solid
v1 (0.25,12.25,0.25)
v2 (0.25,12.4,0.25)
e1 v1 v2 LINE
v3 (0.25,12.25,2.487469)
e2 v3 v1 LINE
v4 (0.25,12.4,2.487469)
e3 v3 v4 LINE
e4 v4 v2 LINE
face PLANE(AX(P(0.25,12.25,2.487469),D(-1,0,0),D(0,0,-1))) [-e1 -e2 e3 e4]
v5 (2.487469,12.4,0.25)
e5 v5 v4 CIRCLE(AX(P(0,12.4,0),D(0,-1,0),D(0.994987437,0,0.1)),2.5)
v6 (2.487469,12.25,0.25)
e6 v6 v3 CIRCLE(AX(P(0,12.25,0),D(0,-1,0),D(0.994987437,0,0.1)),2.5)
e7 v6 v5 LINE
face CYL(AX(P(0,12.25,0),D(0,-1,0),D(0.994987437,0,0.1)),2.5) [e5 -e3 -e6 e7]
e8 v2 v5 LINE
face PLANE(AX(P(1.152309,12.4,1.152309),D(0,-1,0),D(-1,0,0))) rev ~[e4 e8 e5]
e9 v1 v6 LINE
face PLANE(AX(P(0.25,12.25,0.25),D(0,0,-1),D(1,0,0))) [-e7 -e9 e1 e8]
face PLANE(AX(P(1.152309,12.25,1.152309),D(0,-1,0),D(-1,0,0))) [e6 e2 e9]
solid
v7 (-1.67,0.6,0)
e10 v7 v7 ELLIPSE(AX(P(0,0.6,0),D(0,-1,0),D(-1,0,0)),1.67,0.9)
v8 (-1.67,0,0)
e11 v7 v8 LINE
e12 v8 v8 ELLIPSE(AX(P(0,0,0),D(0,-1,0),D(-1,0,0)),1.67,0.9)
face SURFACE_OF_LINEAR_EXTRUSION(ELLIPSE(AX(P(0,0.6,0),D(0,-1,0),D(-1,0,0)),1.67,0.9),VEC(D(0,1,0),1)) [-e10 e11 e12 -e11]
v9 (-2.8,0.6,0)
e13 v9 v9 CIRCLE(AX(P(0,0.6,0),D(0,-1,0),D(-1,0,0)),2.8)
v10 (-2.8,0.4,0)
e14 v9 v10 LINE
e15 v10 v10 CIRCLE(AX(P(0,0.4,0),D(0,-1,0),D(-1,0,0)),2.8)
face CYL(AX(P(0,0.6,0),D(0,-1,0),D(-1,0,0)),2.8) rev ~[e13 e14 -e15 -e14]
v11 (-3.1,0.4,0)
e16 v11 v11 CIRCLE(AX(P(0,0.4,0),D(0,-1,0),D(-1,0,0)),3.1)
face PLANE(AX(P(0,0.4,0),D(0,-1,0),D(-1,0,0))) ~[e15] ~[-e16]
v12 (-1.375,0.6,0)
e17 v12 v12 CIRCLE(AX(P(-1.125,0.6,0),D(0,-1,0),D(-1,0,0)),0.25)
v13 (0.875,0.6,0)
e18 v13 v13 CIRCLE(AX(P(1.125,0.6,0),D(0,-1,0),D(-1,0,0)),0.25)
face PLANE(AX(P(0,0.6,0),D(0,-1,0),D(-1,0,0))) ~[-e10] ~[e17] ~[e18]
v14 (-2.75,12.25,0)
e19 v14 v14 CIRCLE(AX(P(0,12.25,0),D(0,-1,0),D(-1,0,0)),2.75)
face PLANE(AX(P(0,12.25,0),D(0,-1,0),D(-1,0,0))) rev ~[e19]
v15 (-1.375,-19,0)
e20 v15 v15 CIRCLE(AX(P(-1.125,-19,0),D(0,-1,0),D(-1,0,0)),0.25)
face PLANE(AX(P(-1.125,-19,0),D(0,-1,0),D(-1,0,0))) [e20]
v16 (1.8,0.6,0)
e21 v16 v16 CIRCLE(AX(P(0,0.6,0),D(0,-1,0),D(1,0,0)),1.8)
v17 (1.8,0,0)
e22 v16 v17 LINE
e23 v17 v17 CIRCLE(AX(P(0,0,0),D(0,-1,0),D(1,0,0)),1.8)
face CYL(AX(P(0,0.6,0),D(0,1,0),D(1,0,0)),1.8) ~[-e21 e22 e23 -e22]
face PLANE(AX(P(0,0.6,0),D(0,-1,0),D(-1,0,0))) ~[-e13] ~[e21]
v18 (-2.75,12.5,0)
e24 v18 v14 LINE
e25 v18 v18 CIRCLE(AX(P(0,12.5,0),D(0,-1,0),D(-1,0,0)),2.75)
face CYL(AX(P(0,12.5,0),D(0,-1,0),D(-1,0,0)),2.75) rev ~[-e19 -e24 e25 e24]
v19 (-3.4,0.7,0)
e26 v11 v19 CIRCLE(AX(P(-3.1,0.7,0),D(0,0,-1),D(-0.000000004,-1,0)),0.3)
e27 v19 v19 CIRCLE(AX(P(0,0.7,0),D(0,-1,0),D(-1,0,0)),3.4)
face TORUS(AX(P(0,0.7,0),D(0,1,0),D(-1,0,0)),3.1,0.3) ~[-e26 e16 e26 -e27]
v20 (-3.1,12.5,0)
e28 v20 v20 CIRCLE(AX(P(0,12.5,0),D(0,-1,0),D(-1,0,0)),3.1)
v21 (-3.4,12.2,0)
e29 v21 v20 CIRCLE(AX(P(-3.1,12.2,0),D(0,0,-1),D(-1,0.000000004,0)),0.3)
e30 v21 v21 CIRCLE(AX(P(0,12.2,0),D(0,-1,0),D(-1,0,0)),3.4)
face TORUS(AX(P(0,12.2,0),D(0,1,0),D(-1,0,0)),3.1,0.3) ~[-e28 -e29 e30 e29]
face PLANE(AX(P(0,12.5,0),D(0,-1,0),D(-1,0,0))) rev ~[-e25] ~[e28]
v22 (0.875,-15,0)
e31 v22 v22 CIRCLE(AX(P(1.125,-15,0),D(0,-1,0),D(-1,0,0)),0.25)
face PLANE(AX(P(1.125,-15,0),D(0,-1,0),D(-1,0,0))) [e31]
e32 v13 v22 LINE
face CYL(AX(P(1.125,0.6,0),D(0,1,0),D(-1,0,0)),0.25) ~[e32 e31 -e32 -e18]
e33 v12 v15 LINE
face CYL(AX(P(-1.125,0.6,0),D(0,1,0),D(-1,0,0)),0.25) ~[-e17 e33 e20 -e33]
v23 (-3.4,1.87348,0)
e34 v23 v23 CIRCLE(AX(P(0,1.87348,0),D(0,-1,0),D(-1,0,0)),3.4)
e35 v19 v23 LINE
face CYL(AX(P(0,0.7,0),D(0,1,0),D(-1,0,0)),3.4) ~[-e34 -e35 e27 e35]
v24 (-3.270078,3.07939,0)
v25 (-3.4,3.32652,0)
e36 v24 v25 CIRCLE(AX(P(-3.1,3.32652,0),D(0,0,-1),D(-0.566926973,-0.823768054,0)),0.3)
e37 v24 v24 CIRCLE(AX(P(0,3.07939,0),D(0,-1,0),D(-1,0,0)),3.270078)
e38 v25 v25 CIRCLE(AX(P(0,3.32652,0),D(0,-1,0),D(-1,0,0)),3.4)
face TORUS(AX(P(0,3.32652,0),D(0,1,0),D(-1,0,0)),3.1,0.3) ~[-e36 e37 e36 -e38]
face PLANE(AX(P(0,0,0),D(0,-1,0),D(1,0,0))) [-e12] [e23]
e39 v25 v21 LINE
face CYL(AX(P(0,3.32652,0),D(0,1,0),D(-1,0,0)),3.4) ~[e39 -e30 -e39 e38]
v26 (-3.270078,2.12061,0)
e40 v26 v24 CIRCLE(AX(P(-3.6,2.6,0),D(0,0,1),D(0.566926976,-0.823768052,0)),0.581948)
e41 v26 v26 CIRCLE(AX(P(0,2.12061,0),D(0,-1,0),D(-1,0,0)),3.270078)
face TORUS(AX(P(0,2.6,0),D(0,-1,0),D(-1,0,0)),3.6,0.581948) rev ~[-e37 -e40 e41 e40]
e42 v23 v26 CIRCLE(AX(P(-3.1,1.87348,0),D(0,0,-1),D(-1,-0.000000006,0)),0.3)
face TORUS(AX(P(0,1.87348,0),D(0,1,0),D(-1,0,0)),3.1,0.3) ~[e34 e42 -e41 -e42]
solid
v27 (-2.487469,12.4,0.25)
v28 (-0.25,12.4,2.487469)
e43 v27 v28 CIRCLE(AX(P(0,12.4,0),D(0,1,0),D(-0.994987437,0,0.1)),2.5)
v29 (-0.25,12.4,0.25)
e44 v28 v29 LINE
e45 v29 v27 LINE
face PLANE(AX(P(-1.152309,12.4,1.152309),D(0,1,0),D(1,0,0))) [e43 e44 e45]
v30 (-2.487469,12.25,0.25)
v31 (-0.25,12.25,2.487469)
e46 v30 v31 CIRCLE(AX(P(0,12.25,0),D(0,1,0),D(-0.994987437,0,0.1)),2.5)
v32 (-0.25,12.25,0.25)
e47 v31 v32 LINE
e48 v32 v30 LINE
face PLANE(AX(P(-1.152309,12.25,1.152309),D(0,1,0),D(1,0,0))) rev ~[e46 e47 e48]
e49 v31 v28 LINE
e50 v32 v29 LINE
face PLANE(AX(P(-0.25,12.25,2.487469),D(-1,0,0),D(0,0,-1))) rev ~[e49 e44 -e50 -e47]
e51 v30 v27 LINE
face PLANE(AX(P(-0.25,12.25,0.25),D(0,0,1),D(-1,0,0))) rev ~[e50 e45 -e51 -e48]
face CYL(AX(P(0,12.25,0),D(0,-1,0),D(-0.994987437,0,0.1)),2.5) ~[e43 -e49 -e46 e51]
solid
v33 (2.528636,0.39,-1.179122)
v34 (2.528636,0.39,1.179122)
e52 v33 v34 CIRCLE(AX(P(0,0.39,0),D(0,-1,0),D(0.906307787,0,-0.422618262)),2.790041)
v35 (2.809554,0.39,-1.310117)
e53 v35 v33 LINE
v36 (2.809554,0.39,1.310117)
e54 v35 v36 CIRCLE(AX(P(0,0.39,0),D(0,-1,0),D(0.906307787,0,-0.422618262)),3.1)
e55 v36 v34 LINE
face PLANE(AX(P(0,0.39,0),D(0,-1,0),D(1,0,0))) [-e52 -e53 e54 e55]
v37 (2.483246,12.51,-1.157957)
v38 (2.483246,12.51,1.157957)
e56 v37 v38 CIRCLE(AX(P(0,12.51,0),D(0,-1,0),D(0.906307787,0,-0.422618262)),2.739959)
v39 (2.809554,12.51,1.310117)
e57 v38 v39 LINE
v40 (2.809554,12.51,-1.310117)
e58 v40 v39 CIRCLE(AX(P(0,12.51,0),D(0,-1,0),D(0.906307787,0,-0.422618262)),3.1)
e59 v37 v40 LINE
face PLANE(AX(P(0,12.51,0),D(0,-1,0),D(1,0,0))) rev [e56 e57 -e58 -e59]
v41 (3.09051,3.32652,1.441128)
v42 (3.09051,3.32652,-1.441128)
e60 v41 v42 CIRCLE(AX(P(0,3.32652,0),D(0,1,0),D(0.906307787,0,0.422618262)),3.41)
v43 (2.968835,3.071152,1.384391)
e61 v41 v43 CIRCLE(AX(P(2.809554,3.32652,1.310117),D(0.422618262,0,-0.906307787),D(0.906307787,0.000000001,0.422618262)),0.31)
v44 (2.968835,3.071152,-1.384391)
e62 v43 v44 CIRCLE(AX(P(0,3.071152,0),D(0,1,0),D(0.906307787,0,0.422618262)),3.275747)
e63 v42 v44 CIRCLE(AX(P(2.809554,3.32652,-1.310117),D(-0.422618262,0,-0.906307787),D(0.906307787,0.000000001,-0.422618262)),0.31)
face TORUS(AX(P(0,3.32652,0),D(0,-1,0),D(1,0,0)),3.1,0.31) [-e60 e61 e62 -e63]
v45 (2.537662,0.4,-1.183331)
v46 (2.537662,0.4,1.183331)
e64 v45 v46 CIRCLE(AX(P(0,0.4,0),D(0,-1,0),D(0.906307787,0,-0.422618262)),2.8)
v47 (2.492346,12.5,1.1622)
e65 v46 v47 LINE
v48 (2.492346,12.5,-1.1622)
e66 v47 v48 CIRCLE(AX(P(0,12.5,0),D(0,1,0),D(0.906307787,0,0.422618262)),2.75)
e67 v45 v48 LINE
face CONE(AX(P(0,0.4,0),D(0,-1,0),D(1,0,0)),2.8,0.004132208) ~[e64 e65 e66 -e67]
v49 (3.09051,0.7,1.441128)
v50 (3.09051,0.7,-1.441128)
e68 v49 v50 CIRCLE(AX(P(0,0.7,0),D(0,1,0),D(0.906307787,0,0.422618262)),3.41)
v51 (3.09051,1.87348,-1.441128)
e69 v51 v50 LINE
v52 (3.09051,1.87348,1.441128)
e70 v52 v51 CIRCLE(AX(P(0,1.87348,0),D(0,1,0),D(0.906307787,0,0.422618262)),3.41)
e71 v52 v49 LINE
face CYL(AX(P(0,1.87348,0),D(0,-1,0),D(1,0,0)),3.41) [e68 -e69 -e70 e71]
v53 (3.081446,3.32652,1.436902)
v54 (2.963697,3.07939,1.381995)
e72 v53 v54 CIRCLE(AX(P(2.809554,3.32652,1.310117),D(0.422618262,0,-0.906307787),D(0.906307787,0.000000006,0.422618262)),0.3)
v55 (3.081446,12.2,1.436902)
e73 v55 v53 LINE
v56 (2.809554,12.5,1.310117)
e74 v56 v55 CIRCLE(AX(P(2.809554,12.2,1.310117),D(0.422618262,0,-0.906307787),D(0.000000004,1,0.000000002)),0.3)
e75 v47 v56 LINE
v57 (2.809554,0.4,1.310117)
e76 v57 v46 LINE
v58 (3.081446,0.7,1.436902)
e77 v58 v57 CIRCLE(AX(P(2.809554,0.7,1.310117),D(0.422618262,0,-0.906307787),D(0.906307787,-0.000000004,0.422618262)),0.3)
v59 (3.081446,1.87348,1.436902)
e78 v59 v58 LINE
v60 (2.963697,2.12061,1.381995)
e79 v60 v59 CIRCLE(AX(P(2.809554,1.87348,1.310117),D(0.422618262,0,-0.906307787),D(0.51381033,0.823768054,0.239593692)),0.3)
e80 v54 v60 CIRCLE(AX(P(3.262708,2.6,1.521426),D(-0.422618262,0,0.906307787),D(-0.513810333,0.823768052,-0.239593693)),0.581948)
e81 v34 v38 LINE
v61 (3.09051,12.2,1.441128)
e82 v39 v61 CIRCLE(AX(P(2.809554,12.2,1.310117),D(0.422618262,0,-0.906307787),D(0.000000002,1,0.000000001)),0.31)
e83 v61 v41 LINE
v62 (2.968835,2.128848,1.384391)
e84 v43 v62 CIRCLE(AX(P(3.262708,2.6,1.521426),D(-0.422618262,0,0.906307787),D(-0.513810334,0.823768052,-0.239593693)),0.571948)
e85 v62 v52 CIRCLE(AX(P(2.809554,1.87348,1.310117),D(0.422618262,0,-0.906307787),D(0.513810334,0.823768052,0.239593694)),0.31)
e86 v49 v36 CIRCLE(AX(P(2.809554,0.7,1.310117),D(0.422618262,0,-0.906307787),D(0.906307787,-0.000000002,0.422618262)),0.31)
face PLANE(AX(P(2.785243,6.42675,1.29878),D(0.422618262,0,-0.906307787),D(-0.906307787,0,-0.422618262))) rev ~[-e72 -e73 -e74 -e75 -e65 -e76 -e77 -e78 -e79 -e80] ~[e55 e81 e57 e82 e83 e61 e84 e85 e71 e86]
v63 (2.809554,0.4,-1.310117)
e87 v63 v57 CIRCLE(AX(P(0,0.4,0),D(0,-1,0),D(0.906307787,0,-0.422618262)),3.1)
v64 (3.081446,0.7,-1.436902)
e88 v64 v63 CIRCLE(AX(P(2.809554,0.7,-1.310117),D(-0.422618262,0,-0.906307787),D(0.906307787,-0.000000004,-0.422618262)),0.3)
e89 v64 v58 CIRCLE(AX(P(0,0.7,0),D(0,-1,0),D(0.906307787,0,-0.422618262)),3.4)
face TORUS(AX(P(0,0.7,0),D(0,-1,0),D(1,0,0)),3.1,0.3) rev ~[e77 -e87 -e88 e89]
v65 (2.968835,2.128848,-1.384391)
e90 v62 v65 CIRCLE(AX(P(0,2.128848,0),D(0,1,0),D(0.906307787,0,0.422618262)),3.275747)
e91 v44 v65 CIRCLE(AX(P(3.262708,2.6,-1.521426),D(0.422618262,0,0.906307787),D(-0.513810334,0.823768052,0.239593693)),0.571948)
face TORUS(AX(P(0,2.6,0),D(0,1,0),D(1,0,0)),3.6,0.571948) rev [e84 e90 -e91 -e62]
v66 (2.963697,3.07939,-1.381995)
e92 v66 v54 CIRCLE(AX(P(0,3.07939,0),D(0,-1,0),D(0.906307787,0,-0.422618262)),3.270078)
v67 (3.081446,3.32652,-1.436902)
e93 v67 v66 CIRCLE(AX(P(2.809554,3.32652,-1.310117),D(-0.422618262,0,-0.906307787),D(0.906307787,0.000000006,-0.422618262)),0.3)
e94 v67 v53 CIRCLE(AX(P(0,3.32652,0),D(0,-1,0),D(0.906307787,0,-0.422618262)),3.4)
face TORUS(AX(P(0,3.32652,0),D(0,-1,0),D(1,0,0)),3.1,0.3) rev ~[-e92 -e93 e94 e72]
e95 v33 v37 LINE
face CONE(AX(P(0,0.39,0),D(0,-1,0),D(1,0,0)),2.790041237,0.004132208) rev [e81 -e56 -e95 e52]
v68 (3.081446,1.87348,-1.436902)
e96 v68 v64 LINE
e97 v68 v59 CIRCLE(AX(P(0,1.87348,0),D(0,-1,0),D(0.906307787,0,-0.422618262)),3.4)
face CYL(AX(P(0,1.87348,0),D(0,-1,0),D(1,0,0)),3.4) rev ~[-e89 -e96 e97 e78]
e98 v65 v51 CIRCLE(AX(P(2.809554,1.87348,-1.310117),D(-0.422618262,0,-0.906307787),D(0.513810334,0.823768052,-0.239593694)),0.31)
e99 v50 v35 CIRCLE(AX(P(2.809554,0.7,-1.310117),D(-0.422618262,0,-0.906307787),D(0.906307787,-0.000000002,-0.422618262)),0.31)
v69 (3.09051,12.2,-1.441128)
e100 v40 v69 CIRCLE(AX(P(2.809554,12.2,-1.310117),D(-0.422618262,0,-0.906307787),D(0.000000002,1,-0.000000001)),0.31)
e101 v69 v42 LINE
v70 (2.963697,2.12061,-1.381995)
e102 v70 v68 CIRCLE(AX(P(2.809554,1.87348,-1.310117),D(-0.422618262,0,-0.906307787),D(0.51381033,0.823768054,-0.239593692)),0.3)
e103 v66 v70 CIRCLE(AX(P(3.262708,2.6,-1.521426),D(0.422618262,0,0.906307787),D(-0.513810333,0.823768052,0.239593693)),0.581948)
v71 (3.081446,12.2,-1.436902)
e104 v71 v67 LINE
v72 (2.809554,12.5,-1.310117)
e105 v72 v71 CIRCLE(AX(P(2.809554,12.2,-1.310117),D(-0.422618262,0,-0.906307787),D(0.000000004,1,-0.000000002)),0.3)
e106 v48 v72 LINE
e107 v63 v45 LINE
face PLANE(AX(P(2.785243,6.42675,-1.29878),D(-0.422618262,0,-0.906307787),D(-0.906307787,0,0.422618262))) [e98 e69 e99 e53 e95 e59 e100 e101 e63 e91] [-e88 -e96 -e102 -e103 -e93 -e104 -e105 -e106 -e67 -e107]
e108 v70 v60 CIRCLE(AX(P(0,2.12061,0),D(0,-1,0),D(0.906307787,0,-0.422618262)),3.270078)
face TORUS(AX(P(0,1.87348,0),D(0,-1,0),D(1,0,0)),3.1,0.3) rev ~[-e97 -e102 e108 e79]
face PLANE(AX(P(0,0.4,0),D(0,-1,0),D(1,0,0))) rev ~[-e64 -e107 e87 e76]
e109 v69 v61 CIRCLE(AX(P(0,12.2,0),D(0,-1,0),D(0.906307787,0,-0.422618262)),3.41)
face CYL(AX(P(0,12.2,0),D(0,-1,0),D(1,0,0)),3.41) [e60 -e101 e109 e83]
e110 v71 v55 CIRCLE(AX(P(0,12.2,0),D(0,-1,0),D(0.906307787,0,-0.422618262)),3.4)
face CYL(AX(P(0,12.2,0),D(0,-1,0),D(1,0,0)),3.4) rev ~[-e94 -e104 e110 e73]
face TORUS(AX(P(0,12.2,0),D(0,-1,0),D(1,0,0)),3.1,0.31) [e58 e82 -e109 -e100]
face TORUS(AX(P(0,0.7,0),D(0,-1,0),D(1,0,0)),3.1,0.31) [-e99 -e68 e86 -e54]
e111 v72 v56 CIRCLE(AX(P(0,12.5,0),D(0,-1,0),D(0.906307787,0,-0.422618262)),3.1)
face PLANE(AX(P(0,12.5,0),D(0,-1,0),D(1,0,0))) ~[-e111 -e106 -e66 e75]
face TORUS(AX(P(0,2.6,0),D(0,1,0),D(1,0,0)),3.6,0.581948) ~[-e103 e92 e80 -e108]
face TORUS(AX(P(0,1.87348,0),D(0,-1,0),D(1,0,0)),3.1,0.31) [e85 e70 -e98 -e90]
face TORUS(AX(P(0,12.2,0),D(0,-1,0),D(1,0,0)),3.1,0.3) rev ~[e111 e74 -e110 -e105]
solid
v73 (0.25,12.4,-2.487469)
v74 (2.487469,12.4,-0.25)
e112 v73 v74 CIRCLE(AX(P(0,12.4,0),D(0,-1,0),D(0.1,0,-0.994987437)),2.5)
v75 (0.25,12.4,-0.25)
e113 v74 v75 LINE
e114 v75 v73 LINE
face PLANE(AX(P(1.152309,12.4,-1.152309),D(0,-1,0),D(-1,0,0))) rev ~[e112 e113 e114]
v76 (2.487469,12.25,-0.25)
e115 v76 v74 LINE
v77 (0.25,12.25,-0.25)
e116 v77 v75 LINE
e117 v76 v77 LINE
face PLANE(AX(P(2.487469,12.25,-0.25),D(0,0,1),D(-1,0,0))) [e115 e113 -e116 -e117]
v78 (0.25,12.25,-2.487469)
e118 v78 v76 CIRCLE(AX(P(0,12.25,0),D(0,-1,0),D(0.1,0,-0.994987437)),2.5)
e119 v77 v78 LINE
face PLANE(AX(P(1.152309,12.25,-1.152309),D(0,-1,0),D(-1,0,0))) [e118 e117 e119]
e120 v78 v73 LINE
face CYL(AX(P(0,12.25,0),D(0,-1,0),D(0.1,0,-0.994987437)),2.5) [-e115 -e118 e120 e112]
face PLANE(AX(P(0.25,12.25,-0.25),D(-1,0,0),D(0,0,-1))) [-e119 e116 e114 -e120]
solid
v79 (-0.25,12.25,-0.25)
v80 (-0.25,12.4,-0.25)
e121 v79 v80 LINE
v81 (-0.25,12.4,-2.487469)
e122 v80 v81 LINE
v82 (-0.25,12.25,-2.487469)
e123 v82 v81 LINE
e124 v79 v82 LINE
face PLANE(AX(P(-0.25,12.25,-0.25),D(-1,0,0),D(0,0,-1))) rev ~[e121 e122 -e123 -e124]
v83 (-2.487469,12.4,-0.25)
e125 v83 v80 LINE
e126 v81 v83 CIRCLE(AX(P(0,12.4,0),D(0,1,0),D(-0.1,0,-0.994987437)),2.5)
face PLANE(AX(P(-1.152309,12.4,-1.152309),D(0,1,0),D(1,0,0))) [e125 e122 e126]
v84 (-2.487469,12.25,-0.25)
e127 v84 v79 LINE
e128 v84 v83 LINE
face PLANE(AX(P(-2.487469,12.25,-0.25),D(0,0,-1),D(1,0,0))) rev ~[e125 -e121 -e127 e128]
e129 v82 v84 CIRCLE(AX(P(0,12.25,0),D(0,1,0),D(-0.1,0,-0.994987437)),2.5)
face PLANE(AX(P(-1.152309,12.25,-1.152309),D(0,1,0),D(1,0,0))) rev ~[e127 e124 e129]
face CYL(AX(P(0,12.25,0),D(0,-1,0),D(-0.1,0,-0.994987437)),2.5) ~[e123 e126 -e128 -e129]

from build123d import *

# Parameters (mm, degrees)
BOSS_EXTRUDE1_DEPTH      = 0.15
BOSS_EXTRUDE1_2_DEPTH    = 0.15
BOSS_EXTRUDE1_3_DEPTH    = 0.15
BOSS_EXTRUDE1_4_DEPTH    = 0.15
SKETCH3_R                = 1.8
SKETCH3_RX               = 1.67
SKETCH3_RY               = 0.9
BOSS_EXTRUDE2_DEPTH      = 0.6
REVOLVE3_ANGLE           = 25
REVOLVE3_OTHER_WAY_ANGLE = 25
SKETCH7_R                = 0.25
BOSS_EXTRUDE3_DEPTH      = 19.6
SKETCH7_4_R              = 0.25
BOSS_EXTRUDE4_DEPTH      = 15.6


with BuildPart() as part:
    # Sketch1 → Revolve1 (revolve)
    with BuildSketch(Plane.XY, mode=Mode.PRIVATE) as revolve1_sk:
        with BuildLine():
            Line((0, 0.6), (2.8, 0.6))
            Line((2.8, 0.6), (2.8, 0.4))
            Line((2.8, 0.4), (3.1, 0.4))
            ThreePointArc((3.1, 0.4), (3.312132034, 0.487867966), (3.4, 0.7))
            Line((3.4, 0.7), (3.4, 1.873479579))
            ThreePointArc((3.4, 1.873479579), (3.365540419, 2.013080031), (3.270078093, 2.120609995))
            ThreePointArc((3.270078093, 2.120609995), (3.0180522, 2.6), (3.270078093, 3.079390005))
            ThreePointArc((3.270078093, 3.079390005), (3.365540419, 3.186919969), (3.4, 3.326520421))
            Line((3.4, 3.326520421), (3.4, 12.2))
            ThreePointArc((3.4, 12.2), (3.312132034, 12.412132034), (3.1, 12.5))
            Line((3.1, 12.5), (2.75, 12.5))
            Line((2.75, 12.5), (2.75, 12.25))
            Line((2.75, 12.25), (0, 12.25))
            Line((0, 12.25), (0, 0.6))
        make_face()
    revolve(revolve1_sk.sketch.rotate(Axis((0, 12.25, 0), (0, -1, 0)), 180), axis=Axis((0, 12.25, 0), (0, -1, 0)))



with BuildPart() as body_2:
    # Sketch2 → Boss-Extrude1 (new body)
    with BuildSketch(Plane(origin=(0, 12.25, 0), x_dir=(1, 0, 0), z_dir=(0, 1, 0))):
        with BuildLine():
            Line((-0.25, 0.25), (-0.25, 2.487468593))
            ThreePointArc((-0.25, 2.487468593), (-1.767766953, 1.767766953), (-2.487468593, 0.25))
            Line((-2.487468593, 0.25), (-0.25, 0.25))
        make_face()
    extrude(amount=BOSS_EXTRUDE1_DEPTH)


with BuildPart() as body_3:
    # Sketch2 → Boss-Extrude1 2 (new body)
    with BuildSketch(Plane(origin=(0, 12.25, 0), x_dir=(1, 0, 0), z_dir=(0, 1, 0))):
        with BuildLine():
            Line((0.25, -2.487468593), (0.25, -0.25))
            Line((0.25, -0.25), (2.487468593, -0.25))
            ThreePointArc((2.487468593, -0.25), (1.767766953, -1.767766953), (0.25, -2.487468593))
        make_face()
    extrude(amount=BOSS_EXTRUDE1_2_DEPTH)


with BuildPart() as body_4:
    # Sketch2 → Boss-Extrude1 3 (new body)
    with BuildSketch(Plane(origin=(0, 12.25, 0), x_dir=(1, 0, 0), z_dir=(0, 1, 0))):
        with BuildLine():
            Line((-0.25, -2.487468593), (-0.25, -0.25))
            Line((-0.25, -0.25), (-2.487468593, -0.25))
            ThreePointArc((-2.487468593, -0.25), (-1.767766953, -1.767766953), (-0.25, -2.487468593))
        make_face()
    extrude(amount=BOSS_EXTRUDE1_3_DEPTH)


with BuildPart() as body_5:
    # Sketch2 → Boss-Extrude1 4 (new body)
    with BuildSketch(Plane(origin=(0, 12.25, 0), x_dir=(1, 0, 0), z_dir=(0, 1, 0))):
        with BuildLine():
            Line((0.25, 0.25), (0.25, 2.487468593))
            ThreePointArc((0.25, 2.487468593), (1.767766953, 1.767766953), (2.487468593, 0.25))
            Line((2.487468593, 0.25), (0.25, 0.25))
        make_face()
    extrude(amount=BOSS_EXTRUDE1_4_DEPTH)


with BuildPart() as body_6:
    # Sketch3 → Boss-Extrude2 (new body)
    with BuildSketch(Plane.XZ.offset(-0.6)):
        Circle(SKETCH3_R)
        with Locations(Location((0, 0), (0, 0, 180))):
            Ellipse(SKETCH3_RX, SKETCH3_RY, mode=Mode.SUBTRACT)
    extrude(amount=BOSS_EXTRUDE2_DEPTH)


with BuildPart() as body_7:
    # Sketch5 → Revolve3 (revolve)
    with BuildSketch(Plane.XY):
        with BuildLine():
            Line((3.41, 12.2), (3.41, 3.326520421))
            ThreePointArc((3.41, 3.326520421), (3.374391766, 3.182266621), (3.275747363, 3.071152325))
            ThreePointArc((3.275747363, 3.071152325), (3.0280522, 2.6), (3.275747363, 2.128847675))
            ThreePointArc((3.275747363, 2.128847675), (3.374391766, 2.017733379), (3.41, 1.873479579))
            Line((3.41, 1.873479579), (3.41, 0.7))
            ThreePointArc((3.41, 0.7), (3.319203102, 0.480796898), (3.1, 0.39))
            Line((3.1, 0.39), (2.790041237, 0.39))
            Line((2.790041237, 0.39), (2.739958592, 12.51))
            Line((2.739958592, 12.51), (3.1, 12.51))
            ThreePointArc((3.1, 12.51), (3.319203102, 12.419203102), (3.41, 12.2))
        make_face()
        with BuildLine():
            Line((2.75, 12.5), (3.1, 12.5))
            ThreePointArc((3.1, 12.5), (3.312132034, 12.412132034), (3.4, 12.2))
            Line((3.4, 12.2), (3.4, 3.326520421))
            ThreePointArc((3.4, 3.326520421), (3.365540419, 3.186919969), (3.270078093, 3.079390005))
            ThreePointArc((3.270078093, 3.079390005), (3.0180522, 2.6), (3.270078093, 2.120609995))
            ThreePointArc((3.270078093, 2.120609995), (3.365540419, 2.013080031), (3.4, 1.873479579))
            Line((3.4, 1.873479579), (3.4, 0.7))
            ThreePointArc((3.4, 0.7), (3.312132034, 0.487867966), (3.1, 0.4))
            Line((3.1, 0.4), (2.8, 0.4))
            Line((2.8, 0.4), (2.75, 12.5))
        make_face(mode=Mode.SUBTRACT)
    revolve(axis=Axis((0, 0, 0), (0, 1, 0)), revolution_arc=REVOLVE3_ANGLE)

    # Sketch5 → Revolve3 other way (revolve)
    with BuildSketch(Plane.XY):
        with BuildLine():
            Line((3.41, 12.2), (3.41, 3.326520421))
            ThreePointArc((3.41, 3.326520421), (3.374391766, 3.182266621), (3.275747363, 3.071152325))
            ThreePointArc((3.275747363, 3.071152325), (3.0280522, 2.6), (3.275747363, 2.128847675))
            ThreePointArc((3.275747363, 2.128847675), (3.374391766, 2.017733379), (3.41, 1.873479579))
            Line((3.41, 1.873479579), (3.41, 0.7))
            ThreePointArc((3.41, 0.7), (3.319203102, 0.480796898), (3.1, 0.39))
            Line((3.1, 0.39), (2.790041237, 0.39))
            Line((2.790041237, 0.39), (2.739958592, 12.51))
            Line((2.739958592, 12.51), (3.1, 12.51))
            ThreePointArc((3.1, 12.51), (3.319203102, 12.419203102), (3.41, 12.2))
        make_face()
        with BuildLine():
            Line((2.75, 12.5), (3.1, 12.5))
            ThreePointArc((3.1, 12.5), (3.312132034, 12.412132034), (3.4, 12.2))
            Line((3.4, 12.2), (3.4, 3.326520421))
            ThreePointArc((3.4, 3.326520421), (3.365540419, 3.186919969), (3.270078093, 3.079390005))
            ThreePointArc((3.270078093, 3.079390005), (3.0180522, 2.6), (3.270078093, 2.120609995))
            ThreePointArc((3.270078093, 2.120609995), (3.365540419, 2.013080031), (3.4, 1.873479579))
            Line((3.4, 1.873479579), (3.4, 0.7))
            ThreePointArc((3.4, 0.7), (3.312132034, 0.487867966), (3.1, 0.4))
            Line((3.1, 0.4), (2.8, 0.4))
            Line((2.8, 0.4), (2.75, 12.5))
        make_face(mode=Mode.SUBTRACT)
    revolve(axis=Axis((0, 0, 0), (0, -1, 0)), revolution_arc=REVOLVE3_OTHER_WAY_ANGLE)


with BuildPart() as part_1:
    add(part.part)

    add(body_6.part)  # Boss-Extrude3 merges body 6
    # Sketch7 → Boss-Extrude3 (add)
    with BuildSketch(Plane.XZ.offset(-0.6)):
        with Locations(Location((-1.125, 0, 0), (0, 0, 180))):
            Circle(SKETCH7_R)
    extrude(amount=BOSS_EXTRUDE3_DEPTH)

    # Sketch7<4> → Boss-Extrude4 (add)
    with BuildSketch(Plane.XZ.offset(-0.6)):
        with Locations(Location((1.125, 0, 0), (0, 0, 180))):
            Circle(SKETCH7_4_R)
    extrude(amount=BOSS_EXTRUDE4_DEPTH)


solid = Compound([body_2.part, body_3.part, body_4.part, body_5.part, body_7.part, part_1.part])
